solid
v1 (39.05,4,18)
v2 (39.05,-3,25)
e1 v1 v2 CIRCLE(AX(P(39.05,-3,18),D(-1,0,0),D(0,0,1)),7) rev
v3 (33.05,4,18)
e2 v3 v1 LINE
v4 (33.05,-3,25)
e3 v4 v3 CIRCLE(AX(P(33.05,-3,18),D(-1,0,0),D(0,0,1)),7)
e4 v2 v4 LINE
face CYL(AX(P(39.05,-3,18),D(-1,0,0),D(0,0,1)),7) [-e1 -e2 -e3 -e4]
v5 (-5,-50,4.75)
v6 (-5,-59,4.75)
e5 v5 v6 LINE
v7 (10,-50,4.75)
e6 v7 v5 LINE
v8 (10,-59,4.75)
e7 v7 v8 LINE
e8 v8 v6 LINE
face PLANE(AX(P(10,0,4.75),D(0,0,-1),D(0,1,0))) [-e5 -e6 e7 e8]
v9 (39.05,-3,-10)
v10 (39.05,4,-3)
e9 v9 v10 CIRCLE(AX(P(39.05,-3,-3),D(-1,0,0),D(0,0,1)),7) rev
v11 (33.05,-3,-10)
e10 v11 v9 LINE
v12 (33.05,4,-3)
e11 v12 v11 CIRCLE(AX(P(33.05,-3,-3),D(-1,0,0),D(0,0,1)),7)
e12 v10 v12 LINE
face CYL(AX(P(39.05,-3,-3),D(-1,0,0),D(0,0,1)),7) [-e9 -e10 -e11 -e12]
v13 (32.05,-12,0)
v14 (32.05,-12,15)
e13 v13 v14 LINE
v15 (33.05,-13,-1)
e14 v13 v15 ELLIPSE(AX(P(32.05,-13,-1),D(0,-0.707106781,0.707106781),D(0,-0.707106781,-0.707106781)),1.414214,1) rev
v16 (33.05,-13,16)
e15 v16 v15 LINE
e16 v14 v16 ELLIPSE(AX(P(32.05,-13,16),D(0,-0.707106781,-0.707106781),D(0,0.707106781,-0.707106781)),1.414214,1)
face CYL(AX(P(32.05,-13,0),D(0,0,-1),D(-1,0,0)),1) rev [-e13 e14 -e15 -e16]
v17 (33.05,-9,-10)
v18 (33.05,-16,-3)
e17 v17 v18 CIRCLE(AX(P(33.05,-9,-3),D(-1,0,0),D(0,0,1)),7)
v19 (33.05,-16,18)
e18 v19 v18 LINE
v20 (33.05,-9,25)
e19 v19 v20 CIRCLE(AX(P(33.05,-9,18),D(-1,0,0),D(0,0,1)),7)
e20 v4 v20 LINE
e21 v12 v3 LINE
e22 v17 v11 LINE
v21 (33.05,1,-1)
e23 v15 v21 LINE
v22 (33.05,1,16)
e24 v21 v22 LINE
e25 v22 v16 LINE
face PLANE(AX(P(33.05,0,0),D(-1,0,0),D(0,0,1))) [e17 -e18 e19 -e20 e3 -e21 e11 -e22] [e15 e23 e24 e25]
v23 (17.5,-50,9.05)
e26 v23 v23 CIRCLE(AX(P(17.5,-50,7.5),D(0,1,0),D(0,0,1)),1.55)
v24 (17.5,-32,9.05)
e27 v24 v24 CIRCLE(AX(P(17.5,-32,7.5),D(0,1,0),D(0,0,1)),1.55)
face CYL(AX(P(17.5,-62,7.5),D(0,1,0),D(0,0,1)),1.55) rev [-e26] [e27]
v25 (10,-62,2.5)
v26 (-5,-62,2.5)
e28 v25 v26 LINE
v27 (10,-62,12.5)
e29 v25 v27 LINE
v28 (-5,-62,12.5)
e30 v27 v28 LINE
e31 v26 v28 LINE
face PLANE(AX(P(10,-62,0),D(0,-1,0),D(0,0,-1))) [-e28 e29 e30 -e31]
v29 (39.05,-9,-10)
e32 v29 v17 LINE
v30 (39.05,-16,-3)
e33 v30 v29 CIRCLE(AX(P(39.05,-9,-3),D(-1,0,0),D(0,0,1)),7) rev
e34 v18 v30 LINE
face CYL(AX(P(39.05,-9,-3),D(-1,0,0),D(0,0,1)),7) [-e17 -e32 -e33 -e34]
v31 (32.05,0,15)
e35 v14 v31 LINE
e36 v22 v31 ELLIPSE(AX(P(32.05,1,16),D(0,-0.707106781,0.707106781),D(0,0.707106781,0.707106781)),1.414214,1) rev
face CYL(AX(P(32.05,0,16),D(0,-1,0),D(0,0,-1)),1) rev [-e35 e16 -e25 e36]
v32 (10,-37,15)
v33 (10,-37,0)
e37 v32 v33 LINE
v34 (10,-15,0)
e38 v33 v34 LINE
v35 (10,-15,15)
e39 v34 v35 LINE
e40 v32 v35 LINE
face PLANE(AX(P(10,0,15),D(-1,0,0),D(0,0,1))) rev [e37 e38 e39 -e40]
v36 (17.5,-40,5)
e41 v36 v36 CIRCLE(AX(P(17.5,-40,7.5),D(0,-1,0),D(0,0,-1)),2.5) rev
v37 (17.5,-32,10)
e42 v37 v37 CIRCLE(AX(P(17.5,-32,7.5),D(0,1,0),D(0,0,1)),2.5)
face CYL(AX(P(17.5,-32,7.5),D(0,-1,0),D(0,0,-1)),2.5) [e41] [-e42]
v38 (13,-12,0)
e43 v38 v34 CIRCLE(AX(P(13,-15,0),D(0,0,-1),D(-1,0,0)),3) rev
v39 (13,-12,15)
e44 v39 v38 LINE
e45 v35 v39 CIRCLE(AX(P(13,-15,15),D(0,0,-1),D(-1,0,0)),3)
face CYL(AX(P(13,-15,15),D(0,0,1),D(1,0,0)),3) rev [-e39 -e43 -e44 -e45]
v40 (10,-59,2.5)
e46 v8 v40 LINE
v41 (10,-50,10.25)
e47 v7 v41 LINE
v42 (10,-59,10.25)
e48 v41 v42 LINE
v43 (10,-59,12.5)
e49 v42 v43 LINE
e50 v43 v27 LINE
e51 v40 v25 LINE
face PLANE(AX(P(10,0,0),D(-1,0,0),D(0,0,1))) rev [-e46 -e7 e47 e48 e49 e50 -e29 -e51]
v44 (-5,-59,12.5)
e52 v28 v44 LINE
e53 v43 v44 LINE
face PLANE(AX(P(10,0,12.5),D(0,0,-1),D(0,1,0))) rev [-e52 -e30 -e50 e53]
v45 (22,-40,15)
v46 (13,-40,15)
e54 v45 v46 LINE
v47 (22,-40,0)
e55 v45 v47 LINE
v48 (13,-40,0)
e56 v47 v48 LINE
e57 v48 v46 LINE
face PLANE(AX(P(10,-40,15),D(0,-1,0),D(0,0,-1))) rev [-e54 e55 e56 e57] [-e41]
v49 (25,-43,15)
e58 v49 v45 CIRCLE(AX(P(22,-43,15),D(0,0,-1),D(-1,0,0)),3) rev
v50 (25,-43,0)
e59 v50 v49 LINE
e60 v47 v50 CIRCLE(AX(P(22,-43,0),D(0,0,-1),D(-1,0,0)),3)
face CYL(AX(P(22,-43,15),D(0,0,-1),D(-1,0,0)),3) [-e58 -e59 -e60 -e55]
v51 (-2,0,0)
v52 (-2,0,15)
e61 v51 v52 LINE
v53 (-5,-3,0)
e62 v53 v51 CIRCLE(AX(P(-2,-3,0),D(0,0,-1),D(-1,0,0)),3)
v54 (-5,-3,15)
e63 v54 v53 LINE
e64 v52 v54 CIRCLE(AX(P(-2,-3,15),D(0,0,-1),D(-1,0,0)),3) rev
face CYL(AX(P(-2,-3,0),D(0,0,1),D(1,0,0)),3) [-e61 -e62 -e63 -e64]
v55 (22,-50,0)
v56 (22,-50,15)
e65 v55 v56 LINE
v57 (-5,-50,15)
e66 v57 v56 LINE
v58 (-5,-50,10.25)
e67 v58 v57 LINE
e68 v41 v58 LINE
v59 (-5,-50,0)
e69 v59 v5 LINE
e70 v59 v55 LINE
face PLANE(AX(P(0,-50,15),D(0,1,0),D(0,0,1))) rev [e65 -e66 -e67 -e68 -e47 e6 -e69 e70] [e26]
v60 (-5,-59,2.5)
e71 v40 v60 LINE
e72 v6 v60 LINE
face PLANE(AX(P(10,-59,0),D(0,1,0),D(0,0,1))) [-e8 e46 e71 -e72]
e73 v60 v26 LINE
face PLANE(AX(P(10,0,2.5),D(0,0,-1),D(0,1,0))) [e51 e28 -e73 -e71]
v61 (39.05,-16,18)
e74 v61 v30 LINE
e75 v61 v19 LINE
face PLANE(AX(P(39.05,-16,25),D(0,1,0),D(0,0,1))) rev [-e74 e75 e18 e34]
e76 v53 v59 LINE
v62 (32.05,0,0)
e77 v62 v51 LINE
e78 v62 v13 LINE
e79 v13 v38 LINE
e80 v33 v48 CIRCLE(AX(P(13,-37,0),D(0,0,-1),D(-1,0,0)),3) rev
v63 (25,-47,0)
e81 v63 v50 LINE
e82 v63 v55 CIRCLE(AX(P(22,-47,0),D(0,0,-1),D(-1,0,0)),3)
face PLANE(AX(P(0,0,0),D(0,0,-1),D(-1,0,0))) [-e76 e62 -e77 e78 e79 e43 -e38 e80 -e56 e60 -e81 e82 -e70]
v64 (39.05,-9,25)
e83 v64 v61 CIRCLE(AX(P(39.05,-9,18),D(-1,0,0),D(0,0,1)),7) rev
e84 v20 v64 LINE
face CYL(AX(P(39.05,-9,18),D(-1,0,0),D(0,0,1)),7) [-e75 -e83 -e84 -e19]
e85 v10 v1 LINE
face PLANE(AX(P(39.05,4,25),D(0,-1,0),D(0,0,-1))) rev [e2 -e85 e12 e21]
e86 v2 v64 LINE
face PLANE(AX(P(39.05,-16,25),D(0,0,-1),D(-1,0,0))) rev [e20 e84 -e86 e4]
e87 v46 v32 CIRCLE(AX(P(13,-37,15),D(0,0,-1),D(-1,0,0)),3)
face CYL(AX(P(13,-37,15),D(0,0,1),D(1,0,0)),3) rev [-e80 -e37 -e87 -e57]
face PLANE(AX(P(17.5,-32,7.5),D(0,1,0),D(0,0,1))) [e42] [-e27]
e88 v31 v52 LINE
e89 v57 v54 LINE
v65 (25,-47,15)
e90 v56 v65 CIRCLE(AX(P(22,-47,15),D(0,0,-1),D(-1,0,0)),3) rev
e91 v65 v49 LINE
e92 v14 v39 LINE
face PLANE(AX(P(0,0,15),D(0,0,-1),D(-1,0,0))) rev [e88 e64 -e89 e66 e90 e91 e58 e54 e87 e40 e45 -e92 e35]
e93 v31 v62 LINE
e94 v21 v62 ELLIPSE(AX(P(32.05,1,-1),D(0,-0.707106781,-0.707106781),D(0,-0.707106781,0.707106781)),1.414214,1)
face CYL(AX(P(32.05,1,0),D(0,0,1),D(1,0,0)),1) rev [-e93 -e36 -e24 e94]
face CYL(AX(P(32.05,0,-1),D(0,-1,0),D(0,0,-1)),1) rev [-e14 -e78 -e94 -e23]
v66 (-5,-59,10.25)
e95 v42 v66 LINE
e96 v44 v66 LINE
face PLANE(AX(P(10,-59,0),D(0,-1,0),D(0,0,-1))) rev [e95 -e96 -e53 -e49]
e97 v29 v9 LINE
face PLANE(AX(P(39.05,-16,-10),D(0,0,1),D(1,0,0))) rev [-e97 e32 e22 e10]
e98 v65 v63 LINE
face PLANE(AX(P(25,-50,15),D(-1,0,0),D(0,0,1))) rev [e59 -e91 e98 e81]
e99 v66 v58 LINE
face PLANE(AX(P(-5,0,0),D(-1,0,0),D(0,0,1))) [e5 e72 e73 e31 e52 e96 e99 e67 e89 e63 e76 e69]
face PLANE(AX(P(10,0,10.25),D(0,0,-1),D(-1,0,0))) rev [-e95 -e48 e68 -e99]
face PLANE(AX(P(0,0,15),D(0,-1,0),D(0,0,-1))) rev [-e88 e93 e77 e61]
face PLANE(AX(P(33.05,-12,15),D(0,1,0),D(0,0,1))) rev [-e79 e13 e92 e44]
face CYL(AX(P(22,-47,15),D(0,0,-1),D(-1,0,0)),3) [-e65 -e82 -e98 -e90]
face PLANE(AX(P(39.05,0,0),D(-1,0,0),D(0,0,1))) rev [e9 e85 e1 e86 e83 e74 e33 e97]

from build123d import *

# Parameters (mm, degrees)
BOSS_EXTRUDE1_DEPTH = 15
BOSS_EXTRUDE2_DEPTH = 10
SKETCH3_R           = 1.55
CUT_EXTRUDE1_DEPTH  = 50.497474683
BOSS_EXTRUDE3_START = 8
SKETCH4_R           = 2.5
SKETCH4_R_2         = 1.55
BOSS_EXTRUDE3_DEPTH = 8
SKETCH5_W           = 15
SKETCH5_H           = 12
BOSS_EXTRUDE4_DEPTH = 23.05
BOSS_EXTRUDE5_DEPTH = 5
SKETCH9_W           = 35
SKETCH9_H           = 20
BOSS_EXTRUDE6_DEPTH = 6
FILLET1_R           = 7
FILLET4_R           = 3
FILLET6_R           = 1


with BuildPart() as part:
    # Sketch1 → Boss-Extrude1 (new body)
    with BuildSketch(Plane.XY):
        Polygon((0, 0), (0, -50), (25, -50), (25, -40), (10, -40), (10, 0), align=None)
    extrude(amount=BOSS_EXTRUDE1_DEPTH)

    # Sketch2 → Boss-Extrude2 (add)
    with BuildSketch(Plane.ZY):
        Polygon((10.25, -59), (10.25, -50), (4.75, -50), (4.75, -59), (2.5, -59), (2.5, -62), (6.725601587, -62), (8.274398413, -62), (12.5, -62), (12.5, -59), align=None)
    extrude(amount=-BOSS_EXTRUDE2_DEPTH)

    # Sketch3 → Cut-Extrude1 (cut, through all)
    with BuildSketch(Plane(origin=(0, -40, 0), x_dir=(1, 0, 0), z_dir=(0, 1, 0))):
        with Locations(Location((17.5, -7.5, 0), (0, 0, 270))):
            Circle(SKETCH3_R)
    extrude(amount=-CUT_EXTRUDE1_DEPTH, mode=Mode.SUBTRACT)

    # Sketch4 → Boss-Extrude3 (add)
    with BuildSketch(Plane(origin=(0, -40, 0), x_dir=(1, 0, 0), z_dir=(0, 1, 0)).offset(BOSS_EXTRUDE3_START)):
        with Locations(Location((17.5, -7.5, 0), (0, 0, 90))):
            Circle(SKETCH4_R)
        with Locations(Location((17.5, -7.5, 0), (0, 0, 270))):
            Circle(SKETCH4_R_2, mode=Mode.SUBTRACT)
    extrude(amount=-BOSS_EXTRUDE3_DEPTH)

    # Sketch5 → Boss-Extrude4 (add)
    with BuildSketch(Plane(origin=(10, 0, 0), x_dir=(0, 0, -1), z_dir=(1, 0, 0))):
        with Locations((-7.5, -6)):
            Rectangle(SKETCH5_W, SKETCH5_H)
    extrude(amount=BOSS_EXTRUDE4_DEPTH)

    # Sketch7 → Boss-Extrude5 (add)
    with BuildSketch(Plane.ZY):
        Polygon((0, 0), (0, -50), (4.75, -50), (4.75, -59), (2.5, -59), (2.5, -62), (12.5, -62), (12.5, -59), (10.25, -59), (10.25, -50), (15, -50), (15, 0), align=None)
    extrude(amount=BOSS_EXTRUDE5_DEPTH)

    # Sketch9 → Boss-Extrude6 (add)
    with BuildSketch(Plane(origin=(33.05, 0, 0), x_dir=(0, 0, -1), z_dir=(1, 0, 0))):
        with Locations((-7.5, -6)):
            Rectangle(SKETCH9_W, SKETCH9_H)
    extrude(amount=BOSS_EXTRUDE6_DEPTH)

    # Fillet1
    fillet1_edges = [part.edges().sort_by_distance(p)[0] for p in [
        (36.05, -16, -10),
        (36.05, 4, -10),
        (36.05, 4, 25),
        (36.05, -16, 25),
    ]]
    fillet(fillet1_edges, radius=FILLET1_R)

    # Fillet4
    fillet4_edges = [part.edges().sort_by_distance(p)[0] for p in [
        (10, -40, 7.5),
        (25, -40, 7.5),
        (25, -50, 7.5),
        (10, -12, 7.5),
        (-5, 0, 7.5),
    ]]
    fillet(fillet4_edges, radius=FILLET4_R)

    # Fillet6
    fillet6_edges = [part.edges().sort_by_distance(p)[0] for p in [
        (33.05, -6, 15),
        (33.05, -12, 7.5),
        (33.05, -6, 0),
        (33.05, 0, 7.5),
    ]]
    fillet(fillet6_edges, radius=FILLET6_R)


solid = part.part
